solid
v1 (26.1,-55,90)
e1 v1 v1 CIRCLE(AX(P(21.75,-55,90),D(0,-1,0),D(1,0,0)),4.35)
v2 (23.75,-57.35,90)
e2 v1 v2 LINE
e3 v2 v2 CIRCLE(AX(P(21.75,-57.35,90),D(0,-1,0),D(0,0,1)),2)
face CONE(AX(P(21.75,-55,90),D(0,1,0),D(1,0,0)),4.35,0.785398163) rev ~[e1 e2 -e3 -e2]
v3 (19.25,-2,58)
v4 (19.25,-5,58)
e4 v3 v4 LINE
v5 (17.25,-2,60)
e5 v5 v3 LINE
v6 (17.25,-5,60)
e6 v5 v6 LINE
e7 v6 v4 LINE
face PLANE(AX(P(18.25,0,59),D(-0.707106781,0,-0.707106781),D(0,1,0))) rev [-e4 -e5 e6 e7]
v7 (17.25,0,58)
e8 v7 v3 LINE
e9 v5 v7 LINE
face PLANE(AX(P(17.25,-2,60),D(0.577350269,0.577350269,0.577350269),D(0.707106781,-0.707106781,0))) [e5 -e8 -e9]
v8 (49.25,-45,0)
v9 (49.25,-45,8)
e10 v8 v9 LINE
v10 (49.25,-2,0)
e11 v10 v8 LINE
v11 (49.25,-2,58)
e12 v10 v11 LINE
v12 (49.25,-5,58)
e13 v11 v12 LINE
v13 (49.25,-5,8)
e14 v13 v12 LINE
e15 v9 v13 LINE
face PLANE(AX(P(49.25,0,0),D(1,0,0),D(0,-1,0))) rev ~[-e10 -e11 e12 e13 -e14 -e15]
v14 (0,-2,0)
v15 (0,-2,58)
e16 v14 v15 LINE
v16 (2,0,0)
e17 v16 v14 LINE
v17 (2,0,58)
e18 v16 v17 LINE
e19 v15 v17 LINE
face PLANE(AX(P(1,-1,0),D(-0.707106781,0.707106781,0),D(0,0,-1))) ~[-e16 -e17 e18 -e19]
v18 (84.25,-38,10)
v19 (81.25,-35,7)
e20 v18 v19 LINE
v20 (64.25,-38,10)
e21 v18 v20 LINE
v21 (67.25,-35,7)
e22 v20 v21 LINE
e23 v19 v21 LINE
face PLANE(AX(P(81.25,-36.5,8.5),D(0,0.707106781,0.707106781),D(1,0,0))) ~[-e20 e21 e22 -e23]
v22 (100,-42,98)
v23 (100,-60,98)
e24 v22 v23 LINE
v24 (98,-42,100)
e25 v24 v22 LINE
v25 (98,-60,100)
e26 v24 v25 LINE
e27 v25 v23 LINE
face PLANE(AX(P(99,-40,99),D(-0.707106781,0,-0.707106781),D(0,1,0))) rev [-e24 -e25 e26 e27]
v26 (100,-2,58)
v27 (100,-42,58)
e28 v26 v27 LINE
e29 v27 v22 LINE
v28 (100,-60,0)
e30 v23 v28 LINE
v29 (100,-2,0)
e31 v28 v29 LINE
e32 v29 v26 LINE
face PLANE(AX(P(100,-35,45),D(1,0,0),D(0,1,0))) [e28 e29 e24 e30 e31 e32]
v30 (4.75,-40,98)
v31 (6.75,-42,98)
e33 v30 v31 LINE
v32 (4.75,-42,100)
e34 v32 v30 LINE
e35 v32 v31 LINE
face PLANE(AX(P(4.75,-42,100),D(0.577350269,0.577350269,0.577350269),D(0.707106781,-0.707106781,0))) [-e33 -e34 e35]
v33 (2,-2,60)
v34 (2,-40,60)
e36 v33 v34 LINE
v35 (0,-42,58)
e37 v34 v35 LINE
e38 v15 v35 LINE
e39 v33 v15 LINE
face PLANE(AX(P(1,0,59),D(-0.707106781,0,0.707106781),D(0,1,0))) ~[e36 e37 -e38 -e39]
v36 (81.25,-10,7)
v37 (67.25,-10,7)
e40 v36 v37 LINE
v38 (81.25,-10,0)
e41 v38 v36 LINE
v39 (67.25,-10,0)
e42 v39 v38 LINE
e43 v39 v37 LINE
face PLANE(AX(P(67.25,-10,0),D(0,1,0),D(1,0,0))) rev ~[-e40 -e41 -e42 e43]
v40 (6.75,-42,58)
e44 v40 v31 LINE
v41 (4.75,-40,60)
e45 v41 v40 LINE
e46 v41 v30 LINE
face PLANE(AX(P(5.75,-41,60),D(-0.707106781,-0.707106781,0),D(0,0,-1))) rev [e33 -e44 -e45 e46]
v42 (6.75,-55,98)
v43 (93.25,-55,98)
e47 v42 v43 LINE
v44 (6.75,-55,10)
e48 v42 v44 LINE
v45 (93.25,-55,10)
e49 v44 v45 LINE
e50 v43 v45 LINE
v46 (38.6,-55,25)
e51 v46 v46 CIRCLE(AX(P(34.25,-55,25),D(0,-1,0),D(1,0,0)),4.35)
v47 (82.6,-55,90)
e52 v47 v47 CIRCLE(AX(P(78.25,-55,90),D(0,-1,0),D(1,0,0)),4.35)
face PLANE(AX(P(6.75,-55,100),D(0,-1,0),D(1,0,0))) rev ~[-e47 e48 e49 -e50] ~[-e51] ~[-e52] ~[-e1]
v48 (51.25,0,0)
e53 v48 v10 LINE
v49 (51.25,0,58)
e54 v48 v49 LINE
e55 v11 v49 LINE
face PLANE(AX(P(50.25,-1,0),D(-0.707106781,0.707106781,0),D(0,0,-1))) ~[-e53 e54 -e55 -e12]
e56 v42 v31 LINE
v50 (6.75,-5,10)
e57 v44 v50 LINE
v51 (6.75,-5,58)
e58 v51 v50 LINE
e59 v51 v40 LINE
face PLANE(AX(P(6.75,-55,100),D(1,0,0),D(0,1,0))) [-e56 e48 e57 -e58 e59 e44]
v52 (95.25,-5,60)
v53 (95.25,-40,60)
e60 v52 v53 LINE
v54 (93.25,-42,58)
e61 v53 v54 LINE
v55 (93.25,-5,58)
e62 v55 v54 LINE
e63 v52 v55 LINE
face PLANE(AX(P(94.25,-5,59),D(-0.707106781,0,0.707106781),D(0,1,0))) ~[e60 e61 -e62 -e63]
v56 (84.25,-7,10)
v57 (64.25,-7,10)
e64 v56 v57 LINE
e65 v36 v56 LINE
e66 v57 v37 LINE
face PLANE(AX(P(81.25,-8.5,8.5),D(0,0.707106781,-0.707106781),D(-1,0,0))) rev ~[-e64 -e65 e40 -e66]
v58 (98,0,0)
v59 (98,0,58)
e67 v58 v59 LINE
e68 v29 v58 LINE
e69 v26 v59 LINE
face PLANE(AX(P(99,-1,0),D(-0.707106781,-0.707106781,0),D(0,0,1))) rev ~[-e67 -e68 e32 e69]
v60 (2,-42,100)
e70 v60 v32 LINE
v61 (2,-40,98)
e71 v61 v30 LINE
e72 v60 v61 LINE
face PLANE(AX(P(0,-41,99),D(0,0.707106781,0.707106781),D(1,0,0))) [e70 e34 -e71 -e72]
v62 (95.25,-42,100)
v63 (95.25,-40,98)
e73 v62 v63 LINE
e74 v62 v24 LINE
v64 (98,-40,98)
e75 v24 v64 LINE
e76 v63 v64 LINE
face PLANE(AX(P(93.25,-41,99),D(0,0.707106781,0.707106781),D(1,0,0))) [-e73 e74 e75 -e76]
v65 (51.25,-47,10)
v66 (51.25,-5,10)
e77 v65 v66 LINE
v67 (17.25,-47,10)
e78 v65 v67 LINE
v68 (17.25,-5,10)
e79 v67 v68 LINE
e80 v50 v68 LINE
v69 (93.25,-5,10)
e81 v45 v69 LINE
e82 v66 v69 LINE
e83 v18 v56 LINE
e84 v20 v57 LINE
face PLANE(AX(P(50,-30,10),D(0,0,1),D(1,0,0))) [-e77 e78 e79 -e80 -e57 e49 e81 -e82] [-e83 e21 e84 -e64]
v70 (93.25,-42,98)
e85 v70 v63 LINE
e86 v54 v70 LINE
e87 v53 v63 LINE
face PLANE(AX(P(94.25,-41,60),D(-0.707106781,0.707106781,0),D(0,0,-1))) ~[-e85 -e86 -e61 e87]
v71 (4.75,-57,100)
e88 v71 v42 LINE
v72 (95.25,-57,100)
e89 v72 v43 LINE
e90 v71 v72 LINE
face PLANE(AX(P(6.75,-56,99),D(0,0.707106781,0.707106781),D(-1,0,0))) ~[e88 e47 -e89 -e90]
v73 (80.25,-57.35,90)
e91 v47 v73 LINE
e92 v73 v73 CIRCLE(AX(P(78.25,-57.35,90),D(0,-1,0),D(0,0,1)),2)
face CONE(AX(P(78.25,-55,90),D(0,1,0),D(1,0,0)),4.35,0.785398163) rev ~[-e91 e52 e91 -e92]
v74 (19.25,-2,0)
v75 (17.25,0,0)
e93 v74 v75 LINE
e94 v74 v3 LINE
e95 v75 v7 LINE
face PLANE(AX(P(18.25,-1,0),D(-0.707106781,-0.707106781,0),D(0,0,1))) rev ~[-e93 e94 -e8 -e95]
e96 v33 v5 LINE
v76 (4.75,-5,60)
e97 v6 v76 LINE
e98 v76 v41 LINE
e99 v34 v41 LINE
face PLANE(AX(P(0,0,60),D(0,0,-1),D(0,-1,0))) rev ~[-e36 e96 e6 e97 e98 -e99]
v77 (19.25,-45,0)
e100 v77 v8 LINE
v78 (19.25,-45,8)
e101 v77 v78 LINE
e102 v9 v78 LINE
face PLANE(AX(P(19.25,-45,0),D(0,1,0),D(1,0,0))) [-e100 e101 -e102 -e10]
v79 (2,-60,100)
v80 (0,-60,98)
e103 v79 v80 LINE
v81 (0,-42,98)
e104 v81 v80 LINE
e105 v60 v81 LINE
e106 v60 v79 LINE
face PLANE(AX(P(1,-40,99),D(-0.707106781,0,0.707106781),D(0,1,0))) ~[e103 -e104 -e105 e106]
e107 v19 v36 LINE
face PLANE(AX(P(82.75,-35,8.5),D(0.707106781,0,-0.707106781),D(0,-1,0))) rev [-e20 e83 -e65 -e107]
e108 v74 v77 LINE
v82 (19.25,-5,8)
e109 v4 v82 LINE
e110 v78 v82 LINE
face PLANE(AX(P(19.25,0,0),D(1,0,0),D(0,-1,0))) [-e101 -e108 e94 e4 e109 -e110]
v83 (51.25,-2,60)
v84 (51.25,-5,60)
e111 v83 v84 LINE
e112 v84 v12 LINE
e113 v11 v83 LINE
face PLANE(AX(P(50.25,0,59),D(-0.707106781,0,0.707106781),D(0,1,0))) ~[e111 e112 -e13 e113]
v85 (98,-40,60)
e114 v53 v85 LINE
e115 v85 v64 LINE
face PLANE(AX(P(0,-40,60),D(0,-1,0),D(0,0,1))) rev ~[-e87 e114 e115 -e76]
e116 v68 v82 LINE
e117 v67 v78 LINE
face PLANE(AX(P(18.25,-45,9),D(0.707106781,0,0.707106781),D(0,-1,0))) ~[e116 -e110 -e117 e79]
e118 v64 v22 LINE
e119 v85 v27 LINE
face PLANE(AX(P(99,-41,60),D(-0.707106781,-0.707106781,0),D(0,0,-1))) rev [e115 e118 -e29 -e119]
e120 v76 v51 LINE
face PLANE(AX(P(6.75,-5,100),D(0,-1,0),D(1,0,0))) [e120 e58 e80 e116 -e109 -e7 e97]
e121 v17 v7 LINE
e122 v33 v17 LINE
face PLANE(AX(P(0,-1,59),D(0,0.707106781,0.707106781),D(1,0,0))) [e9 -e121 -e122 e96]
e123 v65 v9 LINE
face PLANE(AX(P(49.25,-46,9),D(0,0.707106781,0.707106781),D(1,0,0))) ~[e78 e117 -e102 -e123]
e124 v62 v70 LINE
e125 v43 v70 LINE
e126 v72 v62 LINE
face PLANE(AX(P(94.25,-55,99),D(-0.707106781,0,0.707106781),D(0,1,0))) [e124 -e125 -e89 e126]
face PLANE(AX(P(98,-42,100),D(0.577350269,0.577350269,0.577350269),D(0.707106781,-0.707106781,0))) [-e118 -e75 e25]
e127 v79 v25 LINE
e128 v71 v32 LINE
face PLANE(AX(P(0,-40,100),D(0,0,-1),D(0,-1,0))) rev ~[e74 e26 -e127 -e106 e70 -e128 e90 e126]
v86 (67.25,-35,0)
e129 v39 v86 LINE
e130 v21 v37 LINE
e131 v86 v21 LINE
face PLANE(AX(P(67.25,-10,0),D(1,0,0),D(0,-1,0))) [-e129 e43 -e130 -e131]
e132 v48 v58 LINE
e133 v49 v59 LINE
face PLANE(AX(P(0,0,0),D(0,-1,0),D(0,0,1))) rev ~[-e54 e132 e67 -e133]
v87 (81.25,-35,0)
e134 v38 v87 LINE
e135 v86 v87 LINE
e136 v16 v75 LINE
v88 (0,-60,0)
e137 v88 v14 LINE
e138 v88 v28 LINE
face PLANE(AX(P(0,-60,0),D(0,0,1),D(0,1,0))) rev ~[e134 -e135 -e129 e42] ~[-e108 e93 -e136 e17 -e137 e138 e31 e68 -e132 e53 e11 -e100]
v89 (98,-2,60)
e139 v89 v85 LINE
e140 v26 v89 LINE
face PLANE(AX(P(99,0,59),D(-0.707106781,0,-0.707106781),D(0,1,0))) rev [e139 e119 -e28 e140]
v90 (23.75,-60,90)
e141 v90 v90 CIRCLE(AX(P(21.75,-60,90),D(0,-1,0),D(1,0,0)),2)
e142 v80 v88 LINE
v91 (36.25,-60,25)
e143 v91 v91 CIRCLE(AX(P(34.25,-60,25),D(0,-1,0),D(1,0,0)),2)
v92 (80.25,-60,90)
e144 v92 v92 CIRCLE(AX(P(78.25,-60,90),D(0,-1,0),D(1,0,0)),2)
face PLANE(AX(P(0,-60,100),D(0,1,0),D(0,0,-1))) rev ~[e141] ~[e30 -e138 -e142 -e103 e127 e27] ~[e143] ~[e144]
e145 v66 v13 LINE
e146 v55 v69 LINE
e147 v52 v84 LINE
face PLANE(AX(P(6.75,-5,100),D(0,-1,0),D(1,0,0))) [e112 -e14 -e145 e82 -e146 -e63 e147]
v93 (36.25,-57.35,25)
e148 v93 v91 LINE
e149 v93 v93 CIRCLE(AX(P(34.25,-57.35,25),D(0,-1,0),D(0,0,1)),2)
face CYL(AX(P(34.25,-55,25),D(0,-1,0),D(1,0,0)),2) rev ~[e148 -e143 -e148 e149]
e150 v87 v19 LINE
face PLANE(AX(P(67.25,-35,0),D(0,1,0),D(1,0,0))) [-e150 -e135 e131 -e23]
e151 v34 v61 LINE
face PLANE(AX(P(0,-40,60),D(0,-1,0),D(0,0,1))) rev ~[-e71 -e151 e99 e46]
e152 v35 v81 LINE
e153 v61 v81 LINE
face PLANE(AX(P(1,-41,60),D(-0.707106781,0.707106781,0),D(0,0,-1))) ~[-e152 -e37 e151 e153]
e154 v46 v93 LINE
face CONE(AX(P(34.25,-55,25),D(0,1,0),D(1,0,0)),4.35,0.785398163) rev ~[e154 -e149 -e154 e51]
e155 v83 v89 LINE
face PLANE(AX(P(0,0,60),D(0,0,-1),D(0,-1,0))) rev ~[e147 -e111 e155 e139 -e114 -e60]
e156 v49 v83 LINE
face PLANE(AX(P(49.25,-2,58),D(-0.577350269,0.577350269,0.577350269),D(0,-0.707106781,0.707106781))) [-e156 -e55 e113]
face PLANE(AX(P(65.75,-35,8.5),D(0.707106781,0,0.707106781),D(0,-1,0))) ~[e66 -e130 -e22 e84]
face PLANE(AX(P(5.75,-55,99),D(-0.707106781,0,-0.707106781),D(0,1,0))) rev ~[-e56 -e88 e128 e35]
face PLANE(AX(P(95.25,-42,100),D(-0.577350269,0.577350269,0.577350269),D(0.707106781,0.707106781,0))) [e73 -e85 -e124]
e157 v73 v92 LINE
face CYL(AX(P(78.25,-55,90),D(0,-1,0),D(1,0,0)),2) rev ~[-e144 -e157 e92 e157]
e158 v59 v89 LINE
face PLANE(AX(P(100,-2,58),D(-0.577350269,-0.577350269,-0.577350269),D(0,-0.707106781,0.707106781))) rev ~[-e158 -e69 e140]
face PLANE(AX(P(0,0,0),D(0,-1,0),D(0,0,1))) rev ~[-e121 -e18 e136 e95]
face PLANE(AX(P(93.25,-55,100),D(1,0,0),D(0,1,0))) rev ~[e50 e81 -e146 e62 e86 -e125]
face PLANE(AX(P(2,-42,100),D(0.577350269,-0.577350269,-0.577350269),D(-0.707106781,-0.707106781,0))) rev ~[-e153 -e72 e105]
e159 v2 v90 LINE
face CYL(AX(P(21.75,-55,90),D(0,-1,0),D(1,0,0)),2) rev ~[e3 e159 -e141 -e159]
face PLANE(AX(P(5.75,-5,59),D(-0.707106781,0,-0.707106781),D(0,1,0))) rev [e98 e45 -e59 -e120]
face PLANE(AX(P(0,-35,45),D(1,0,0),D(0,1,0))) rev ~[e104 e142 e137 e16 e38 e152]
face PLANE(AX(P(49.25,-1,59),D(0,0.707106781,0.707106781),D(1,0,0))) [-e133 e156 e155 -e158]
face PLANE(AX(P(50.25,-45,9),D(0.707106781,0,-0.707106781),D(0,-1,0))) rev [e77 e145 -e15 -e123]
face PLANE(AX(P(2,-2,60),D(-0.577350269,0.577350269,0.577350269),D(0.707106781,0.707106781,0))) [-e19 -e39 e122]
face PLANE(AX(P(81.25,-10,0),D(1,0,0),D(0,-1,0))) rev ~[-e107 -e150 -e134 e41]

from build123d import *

# Parameters (mm, degrees)
F1_DEPTH       = 100
F2_W           = 86.5
F2_H           = 50
F3_DEPTH       = 90
F4_W           = 30
F4_H           = 45
F4_W_2         = 14
F4_H_2         = 25
F5_DEPTH       = 60
F7_D           = 4
F7_CSINK_D     = 8.7
F7_CSINK_ANGLE = 90
F8_SIZE        = 2
F9_SIZE        = 3


with BuildPart() as f1:
    # F0 (on Right) → F1 (new body)
    with BuildSketch(Plane.YZ):
        Polygon((-60, 0), (0, 0), (0, 60), (-40, 60), (-40, 100), (-60, 100), align=None)
    extrude(amount=F1_DEPTH)

    # F2 (on face) → F3 (cut)
    with BuildSketch(Plane.XY.offset(100)):
        with Locations((50, -30)):
            Rectangle(F2_W, F2_H)
    extrude(amount=-F3_DEPTH, mode=Mode.SUBTRACT)

    # F4 (on face) → F5 (cut)
    with BuildSketch(Plane(origin=(0, 0, 0), x_dir=(1, 0, 0), z_dir=(0, 0, -1))):
        with Locations((34.25, 22.5)):
            Rectangle(F4_W, F4_H)
        with Locations((74.25, 22.5)):
            Rectangle(F4_W_2, F4_H_2)
    extrude(amount=-F5_DEPTH, mode=Mode.SUBTRACT)

    # F7 (through all)
    with Locations(Plane(origin=(0, -55, 0), x_dir=(-1, 0, 0), z_dir=(0, 1, 0))):
        with Locations((-78.25, 90), (-21.75, 90), (-34.25, 25)):
            CounterSinkHole(F7_D / 2, F7_CSINK_D / 2, counter_sink_angle=F7_CSINK_ANGLE)

    # F8
    f8_edges = [f1.edges().sort_by_distance(p)[0] for p in [
        (74.625, 0, 60),
        (100, 0, 30),
        (0, 0, 30),
        (19.25, 0, 30),
        (49.25, -25, 10),
        (34.25, -45, 10),
        (49.25, 0, 30),
        (100, -20, 60),
        (93.25, -22.5, 60),
        (6.75, -22.5, 60),
        (0, -20, 60),
        (9.625, 0, 60),
        (0, -40, 80),
        (6.75, -40, 80),
        (93.25, -40, 80),
        (100, -40, 80),
        (3.375, -40, 100),
        (0, -50, 100),
        (6.75, -47.5, 100),
        (93.25, -47.5, 100),
        (96.625, -40, 100),
        (100, -50, 100),
        (50, -55, 100),
        (19.25, -2.5, 60),
        (49.25, -2.5, 60),
        (19.25, -25, 10),
    ]]
    chamfer(f8_edges, length=F8_SIZE)

    # F9
    f9_edges = [f1.edges().sort_by_distance(p)[0] for p in [
        (67.25, -22.5, 10),
        (74.25, -10, 10),
        (81.25, -22.5, 10),
        (74.25, -35, 10),
    ]]
    chamfer(f9_edges, length=F9_SIZE)


solid = f1.part
